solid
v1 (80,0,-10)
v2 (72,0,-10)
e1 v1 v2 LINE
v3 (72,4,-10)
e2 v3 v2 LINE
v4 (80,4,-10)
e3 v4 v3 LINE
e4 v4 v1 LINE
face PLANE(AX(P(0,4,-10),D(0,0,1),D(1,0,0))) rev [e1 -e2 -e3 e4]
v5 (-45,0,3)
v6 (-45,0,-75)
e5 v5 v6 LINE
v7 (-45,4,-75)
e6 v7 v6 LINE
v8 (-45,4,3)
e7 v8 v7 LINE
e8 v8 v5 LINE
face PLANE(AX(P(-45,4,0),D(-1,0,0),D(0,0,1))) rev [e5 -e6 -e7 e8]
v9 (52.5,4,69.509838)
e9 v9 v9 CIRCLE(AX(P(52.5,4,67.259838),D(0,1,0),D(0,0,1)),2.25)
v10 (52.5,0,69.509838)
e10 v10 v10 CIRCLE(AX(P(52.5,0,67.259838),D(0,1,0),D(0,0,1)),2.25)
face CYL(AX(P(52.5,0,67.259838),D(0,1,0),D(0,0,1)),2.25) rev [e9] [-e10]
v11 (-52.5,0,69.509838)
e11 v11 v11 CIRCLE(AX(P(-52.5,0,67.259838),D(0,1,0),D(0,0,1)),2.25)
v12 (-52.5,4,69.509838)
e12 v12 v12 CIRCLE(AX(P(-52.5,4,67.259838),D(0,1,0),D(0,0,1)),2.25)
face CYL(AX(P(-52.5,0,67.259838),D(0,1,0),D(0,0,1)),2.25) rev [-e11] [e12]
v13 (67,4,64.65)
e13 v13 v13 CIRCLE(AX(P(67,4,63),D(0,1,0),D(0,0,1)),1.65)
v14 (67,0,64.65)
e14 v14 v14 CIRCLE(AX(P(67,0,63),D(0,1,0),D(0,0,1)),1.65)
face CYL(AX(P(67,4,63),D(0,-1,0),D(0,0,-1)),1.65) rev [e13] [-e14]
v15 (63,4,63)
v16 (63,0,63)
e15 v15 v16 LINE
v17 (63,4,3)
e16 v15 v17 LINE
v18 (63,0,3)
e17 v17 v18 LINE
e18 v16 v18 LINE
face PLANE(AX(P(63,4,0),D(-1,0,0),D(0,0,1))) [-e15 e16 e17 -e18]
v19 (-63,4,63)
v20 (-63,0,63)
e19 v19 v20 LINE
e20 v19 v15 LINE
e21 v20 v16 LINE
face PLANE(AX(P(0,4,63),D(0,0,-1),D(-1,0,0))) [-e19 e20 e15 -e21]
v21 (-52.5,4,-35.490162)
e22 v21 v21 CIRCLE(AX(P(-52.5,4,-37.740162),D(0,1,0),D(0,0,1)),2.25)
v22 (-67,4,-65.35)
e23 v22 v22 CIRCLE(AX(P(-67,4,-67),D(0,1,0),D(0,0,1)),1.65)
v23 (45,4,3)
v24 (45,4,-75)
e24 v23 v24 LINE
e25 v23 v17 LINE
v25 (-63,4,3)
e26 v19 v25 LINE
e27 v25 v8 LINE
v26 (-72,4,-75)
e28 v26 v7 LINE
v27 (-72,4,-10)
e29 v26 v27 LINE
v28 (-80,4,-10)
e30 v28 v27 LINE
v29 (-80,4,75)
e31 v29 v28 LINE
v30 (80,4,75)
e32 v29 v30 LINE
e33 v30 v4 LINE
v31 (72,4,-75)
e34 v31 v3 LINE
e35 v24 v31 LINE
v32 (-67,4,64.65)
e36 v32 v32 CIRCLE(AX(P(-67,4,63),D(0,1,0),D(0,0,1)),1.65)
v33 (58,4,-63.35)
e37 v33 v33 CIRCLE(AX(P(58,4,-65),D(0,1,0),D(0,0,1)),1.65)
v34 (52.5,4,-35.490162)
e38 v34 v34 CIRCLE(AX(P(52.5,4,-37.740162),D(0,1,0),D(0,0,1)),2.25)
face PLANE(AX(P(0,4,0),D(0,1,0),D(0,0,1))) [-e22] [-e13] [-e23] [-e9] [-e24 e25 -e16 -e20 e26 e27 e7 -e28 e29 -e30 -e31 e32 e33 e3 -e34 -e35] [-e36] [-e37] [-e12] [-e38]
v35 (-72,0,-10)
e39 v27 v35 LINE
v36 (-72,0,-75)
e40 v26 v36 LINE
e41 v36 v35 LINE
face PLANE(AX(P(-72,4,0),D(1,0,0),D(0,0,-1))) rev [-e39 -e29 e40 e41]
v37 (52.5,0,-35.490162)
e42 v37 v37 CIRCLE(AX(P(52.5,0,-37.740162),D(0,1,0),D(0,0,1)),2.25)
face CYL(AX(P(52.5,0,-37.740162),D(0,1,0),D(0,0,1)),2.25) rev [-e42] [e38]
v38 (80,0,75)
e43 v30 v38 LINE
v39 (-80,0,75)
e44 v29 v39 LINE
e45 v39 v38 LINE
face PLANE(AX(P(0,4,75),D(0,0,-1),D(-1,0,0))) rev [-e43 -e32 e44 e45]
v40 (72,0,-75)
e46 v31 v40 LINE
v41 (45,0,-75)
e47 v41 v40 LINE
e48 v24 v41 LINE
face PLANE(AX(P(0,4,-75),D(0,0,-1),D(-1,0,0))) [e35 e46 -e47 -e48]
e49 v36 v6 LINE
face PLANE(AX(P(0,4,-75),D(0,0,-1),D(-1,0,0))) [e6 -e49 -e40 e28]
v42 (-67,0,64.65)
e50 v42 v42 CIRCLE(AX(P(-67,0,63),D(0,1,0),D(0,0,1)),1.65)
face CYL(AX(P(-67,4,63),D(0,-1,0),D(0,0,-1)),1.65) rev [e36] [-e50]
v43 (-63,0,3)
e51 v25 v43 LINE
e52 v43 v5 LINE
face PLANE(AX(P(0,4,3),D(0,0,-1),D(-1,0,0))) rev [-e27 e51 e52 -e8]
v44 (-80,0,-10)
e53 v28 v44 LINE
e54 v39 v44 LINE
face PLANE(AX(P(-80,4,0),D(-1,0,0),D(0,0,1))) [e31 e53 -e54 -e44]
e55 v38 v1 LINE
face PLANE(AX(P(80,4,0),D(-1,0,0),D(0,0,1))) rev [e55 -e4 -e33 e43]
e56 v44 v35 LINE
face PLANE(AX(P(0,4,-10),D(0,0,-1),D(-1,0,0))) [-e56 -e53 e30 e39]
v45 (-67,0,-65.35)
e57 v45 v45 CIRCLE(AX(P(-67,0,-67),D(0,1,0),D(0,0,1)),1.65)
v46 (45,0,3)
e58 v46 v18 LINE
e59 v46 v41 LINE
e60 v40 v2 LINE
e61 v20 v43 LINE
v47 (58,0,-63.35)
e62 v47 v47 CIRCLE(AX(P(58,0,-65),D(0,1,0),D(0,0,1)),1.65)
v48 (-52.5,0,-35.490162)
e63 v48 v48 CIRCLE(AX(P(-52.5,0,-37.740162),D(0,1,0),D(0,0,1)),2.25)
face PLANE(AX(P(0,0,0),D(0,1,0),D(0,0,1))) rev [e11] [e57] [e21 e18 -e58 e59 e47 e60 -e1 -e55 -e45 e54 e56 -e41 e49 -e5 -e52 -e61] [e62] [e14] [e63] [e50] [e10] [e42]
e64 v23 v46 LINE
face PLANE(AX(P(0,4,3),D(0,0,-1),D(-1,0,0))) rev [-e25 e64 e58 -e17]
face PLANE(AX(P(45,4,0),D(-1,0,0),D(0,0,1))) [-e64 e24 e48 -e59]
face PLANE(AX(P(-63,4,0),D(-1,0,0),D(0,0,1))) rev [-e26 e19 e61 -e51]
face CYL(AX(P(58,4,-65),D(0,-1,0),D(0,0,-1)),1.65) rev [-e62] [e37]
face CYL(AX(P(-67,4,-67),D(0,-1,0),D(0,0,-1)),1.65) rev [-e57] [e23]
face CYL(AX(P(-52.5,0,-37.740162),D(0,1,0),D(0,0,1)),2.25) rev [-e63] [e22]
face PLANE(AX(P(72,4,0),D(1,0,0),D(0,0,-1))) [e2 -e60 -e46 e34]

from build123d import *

# Parameters (mm, degrees)
SKETCH1_R      = 1.65
EXTRUDE1_DEPTH = 4
SKETCH3_R      = 2.25
EXTRUDE3_DEPTH = 4


with BuildPart() as part:
    # Sketch1 → Extrude1 (new body)
    with BuildSketch(Plane(origin=(0, 0, 0), x_dir=(1, 0, 0), z_dir=(0, 1, 0))):
        Polygon((-80, 10), (-80, -75), (80, -75), (80, 10), (72, 10), (72, 75), (45, 75), (45, -3), (63, -3), (63, -63), (-63, -63), (-63, -3), (-45, -3), (-45, 75), (-72, 75), (-72, 10), align=None)
        with Locations((-67, -63)):
            Circle(SKETCH1_R, mode=Mode.SUBTRACT)
        with Locations((67, -63)):
            Circle(SKETCH1_R, mode=Mode.SUBTRACT)
        with Locations((-67, 67)):
            Circle(SKETCH1_R, mode=Mode.SUBTRACT)
        with Locations((58, 65)):
            Circle(SKETCH1_R, mode=Mode.SUBTRACT)
    extrude(amount=EXTRUDE1_DEPTH)

    # Sketch3 → Extrude3 (cut)
    with BuildSketch(Plane(origin=(0, 4, 0), x_dir=(1, 0, 0), z_dir=(0, 1, 0))):
        with Locations((52.5, -67.259837658)):
            Circle(SKETCH3_R)
        with Locations((-52.5, -67.259837658)):
            Circle(SKETCH3_R)
        with Locations((52.5, 37.740162342)):
            Circle(SKETCH3_R)
        with Locations((-52.5, 37.740162342)):
            Circle(SKETCH3_R)
    extrude(amount=-EXTRUDE3_DEPTH, mode=Mode.SUBTRACT)


solid = part.part
